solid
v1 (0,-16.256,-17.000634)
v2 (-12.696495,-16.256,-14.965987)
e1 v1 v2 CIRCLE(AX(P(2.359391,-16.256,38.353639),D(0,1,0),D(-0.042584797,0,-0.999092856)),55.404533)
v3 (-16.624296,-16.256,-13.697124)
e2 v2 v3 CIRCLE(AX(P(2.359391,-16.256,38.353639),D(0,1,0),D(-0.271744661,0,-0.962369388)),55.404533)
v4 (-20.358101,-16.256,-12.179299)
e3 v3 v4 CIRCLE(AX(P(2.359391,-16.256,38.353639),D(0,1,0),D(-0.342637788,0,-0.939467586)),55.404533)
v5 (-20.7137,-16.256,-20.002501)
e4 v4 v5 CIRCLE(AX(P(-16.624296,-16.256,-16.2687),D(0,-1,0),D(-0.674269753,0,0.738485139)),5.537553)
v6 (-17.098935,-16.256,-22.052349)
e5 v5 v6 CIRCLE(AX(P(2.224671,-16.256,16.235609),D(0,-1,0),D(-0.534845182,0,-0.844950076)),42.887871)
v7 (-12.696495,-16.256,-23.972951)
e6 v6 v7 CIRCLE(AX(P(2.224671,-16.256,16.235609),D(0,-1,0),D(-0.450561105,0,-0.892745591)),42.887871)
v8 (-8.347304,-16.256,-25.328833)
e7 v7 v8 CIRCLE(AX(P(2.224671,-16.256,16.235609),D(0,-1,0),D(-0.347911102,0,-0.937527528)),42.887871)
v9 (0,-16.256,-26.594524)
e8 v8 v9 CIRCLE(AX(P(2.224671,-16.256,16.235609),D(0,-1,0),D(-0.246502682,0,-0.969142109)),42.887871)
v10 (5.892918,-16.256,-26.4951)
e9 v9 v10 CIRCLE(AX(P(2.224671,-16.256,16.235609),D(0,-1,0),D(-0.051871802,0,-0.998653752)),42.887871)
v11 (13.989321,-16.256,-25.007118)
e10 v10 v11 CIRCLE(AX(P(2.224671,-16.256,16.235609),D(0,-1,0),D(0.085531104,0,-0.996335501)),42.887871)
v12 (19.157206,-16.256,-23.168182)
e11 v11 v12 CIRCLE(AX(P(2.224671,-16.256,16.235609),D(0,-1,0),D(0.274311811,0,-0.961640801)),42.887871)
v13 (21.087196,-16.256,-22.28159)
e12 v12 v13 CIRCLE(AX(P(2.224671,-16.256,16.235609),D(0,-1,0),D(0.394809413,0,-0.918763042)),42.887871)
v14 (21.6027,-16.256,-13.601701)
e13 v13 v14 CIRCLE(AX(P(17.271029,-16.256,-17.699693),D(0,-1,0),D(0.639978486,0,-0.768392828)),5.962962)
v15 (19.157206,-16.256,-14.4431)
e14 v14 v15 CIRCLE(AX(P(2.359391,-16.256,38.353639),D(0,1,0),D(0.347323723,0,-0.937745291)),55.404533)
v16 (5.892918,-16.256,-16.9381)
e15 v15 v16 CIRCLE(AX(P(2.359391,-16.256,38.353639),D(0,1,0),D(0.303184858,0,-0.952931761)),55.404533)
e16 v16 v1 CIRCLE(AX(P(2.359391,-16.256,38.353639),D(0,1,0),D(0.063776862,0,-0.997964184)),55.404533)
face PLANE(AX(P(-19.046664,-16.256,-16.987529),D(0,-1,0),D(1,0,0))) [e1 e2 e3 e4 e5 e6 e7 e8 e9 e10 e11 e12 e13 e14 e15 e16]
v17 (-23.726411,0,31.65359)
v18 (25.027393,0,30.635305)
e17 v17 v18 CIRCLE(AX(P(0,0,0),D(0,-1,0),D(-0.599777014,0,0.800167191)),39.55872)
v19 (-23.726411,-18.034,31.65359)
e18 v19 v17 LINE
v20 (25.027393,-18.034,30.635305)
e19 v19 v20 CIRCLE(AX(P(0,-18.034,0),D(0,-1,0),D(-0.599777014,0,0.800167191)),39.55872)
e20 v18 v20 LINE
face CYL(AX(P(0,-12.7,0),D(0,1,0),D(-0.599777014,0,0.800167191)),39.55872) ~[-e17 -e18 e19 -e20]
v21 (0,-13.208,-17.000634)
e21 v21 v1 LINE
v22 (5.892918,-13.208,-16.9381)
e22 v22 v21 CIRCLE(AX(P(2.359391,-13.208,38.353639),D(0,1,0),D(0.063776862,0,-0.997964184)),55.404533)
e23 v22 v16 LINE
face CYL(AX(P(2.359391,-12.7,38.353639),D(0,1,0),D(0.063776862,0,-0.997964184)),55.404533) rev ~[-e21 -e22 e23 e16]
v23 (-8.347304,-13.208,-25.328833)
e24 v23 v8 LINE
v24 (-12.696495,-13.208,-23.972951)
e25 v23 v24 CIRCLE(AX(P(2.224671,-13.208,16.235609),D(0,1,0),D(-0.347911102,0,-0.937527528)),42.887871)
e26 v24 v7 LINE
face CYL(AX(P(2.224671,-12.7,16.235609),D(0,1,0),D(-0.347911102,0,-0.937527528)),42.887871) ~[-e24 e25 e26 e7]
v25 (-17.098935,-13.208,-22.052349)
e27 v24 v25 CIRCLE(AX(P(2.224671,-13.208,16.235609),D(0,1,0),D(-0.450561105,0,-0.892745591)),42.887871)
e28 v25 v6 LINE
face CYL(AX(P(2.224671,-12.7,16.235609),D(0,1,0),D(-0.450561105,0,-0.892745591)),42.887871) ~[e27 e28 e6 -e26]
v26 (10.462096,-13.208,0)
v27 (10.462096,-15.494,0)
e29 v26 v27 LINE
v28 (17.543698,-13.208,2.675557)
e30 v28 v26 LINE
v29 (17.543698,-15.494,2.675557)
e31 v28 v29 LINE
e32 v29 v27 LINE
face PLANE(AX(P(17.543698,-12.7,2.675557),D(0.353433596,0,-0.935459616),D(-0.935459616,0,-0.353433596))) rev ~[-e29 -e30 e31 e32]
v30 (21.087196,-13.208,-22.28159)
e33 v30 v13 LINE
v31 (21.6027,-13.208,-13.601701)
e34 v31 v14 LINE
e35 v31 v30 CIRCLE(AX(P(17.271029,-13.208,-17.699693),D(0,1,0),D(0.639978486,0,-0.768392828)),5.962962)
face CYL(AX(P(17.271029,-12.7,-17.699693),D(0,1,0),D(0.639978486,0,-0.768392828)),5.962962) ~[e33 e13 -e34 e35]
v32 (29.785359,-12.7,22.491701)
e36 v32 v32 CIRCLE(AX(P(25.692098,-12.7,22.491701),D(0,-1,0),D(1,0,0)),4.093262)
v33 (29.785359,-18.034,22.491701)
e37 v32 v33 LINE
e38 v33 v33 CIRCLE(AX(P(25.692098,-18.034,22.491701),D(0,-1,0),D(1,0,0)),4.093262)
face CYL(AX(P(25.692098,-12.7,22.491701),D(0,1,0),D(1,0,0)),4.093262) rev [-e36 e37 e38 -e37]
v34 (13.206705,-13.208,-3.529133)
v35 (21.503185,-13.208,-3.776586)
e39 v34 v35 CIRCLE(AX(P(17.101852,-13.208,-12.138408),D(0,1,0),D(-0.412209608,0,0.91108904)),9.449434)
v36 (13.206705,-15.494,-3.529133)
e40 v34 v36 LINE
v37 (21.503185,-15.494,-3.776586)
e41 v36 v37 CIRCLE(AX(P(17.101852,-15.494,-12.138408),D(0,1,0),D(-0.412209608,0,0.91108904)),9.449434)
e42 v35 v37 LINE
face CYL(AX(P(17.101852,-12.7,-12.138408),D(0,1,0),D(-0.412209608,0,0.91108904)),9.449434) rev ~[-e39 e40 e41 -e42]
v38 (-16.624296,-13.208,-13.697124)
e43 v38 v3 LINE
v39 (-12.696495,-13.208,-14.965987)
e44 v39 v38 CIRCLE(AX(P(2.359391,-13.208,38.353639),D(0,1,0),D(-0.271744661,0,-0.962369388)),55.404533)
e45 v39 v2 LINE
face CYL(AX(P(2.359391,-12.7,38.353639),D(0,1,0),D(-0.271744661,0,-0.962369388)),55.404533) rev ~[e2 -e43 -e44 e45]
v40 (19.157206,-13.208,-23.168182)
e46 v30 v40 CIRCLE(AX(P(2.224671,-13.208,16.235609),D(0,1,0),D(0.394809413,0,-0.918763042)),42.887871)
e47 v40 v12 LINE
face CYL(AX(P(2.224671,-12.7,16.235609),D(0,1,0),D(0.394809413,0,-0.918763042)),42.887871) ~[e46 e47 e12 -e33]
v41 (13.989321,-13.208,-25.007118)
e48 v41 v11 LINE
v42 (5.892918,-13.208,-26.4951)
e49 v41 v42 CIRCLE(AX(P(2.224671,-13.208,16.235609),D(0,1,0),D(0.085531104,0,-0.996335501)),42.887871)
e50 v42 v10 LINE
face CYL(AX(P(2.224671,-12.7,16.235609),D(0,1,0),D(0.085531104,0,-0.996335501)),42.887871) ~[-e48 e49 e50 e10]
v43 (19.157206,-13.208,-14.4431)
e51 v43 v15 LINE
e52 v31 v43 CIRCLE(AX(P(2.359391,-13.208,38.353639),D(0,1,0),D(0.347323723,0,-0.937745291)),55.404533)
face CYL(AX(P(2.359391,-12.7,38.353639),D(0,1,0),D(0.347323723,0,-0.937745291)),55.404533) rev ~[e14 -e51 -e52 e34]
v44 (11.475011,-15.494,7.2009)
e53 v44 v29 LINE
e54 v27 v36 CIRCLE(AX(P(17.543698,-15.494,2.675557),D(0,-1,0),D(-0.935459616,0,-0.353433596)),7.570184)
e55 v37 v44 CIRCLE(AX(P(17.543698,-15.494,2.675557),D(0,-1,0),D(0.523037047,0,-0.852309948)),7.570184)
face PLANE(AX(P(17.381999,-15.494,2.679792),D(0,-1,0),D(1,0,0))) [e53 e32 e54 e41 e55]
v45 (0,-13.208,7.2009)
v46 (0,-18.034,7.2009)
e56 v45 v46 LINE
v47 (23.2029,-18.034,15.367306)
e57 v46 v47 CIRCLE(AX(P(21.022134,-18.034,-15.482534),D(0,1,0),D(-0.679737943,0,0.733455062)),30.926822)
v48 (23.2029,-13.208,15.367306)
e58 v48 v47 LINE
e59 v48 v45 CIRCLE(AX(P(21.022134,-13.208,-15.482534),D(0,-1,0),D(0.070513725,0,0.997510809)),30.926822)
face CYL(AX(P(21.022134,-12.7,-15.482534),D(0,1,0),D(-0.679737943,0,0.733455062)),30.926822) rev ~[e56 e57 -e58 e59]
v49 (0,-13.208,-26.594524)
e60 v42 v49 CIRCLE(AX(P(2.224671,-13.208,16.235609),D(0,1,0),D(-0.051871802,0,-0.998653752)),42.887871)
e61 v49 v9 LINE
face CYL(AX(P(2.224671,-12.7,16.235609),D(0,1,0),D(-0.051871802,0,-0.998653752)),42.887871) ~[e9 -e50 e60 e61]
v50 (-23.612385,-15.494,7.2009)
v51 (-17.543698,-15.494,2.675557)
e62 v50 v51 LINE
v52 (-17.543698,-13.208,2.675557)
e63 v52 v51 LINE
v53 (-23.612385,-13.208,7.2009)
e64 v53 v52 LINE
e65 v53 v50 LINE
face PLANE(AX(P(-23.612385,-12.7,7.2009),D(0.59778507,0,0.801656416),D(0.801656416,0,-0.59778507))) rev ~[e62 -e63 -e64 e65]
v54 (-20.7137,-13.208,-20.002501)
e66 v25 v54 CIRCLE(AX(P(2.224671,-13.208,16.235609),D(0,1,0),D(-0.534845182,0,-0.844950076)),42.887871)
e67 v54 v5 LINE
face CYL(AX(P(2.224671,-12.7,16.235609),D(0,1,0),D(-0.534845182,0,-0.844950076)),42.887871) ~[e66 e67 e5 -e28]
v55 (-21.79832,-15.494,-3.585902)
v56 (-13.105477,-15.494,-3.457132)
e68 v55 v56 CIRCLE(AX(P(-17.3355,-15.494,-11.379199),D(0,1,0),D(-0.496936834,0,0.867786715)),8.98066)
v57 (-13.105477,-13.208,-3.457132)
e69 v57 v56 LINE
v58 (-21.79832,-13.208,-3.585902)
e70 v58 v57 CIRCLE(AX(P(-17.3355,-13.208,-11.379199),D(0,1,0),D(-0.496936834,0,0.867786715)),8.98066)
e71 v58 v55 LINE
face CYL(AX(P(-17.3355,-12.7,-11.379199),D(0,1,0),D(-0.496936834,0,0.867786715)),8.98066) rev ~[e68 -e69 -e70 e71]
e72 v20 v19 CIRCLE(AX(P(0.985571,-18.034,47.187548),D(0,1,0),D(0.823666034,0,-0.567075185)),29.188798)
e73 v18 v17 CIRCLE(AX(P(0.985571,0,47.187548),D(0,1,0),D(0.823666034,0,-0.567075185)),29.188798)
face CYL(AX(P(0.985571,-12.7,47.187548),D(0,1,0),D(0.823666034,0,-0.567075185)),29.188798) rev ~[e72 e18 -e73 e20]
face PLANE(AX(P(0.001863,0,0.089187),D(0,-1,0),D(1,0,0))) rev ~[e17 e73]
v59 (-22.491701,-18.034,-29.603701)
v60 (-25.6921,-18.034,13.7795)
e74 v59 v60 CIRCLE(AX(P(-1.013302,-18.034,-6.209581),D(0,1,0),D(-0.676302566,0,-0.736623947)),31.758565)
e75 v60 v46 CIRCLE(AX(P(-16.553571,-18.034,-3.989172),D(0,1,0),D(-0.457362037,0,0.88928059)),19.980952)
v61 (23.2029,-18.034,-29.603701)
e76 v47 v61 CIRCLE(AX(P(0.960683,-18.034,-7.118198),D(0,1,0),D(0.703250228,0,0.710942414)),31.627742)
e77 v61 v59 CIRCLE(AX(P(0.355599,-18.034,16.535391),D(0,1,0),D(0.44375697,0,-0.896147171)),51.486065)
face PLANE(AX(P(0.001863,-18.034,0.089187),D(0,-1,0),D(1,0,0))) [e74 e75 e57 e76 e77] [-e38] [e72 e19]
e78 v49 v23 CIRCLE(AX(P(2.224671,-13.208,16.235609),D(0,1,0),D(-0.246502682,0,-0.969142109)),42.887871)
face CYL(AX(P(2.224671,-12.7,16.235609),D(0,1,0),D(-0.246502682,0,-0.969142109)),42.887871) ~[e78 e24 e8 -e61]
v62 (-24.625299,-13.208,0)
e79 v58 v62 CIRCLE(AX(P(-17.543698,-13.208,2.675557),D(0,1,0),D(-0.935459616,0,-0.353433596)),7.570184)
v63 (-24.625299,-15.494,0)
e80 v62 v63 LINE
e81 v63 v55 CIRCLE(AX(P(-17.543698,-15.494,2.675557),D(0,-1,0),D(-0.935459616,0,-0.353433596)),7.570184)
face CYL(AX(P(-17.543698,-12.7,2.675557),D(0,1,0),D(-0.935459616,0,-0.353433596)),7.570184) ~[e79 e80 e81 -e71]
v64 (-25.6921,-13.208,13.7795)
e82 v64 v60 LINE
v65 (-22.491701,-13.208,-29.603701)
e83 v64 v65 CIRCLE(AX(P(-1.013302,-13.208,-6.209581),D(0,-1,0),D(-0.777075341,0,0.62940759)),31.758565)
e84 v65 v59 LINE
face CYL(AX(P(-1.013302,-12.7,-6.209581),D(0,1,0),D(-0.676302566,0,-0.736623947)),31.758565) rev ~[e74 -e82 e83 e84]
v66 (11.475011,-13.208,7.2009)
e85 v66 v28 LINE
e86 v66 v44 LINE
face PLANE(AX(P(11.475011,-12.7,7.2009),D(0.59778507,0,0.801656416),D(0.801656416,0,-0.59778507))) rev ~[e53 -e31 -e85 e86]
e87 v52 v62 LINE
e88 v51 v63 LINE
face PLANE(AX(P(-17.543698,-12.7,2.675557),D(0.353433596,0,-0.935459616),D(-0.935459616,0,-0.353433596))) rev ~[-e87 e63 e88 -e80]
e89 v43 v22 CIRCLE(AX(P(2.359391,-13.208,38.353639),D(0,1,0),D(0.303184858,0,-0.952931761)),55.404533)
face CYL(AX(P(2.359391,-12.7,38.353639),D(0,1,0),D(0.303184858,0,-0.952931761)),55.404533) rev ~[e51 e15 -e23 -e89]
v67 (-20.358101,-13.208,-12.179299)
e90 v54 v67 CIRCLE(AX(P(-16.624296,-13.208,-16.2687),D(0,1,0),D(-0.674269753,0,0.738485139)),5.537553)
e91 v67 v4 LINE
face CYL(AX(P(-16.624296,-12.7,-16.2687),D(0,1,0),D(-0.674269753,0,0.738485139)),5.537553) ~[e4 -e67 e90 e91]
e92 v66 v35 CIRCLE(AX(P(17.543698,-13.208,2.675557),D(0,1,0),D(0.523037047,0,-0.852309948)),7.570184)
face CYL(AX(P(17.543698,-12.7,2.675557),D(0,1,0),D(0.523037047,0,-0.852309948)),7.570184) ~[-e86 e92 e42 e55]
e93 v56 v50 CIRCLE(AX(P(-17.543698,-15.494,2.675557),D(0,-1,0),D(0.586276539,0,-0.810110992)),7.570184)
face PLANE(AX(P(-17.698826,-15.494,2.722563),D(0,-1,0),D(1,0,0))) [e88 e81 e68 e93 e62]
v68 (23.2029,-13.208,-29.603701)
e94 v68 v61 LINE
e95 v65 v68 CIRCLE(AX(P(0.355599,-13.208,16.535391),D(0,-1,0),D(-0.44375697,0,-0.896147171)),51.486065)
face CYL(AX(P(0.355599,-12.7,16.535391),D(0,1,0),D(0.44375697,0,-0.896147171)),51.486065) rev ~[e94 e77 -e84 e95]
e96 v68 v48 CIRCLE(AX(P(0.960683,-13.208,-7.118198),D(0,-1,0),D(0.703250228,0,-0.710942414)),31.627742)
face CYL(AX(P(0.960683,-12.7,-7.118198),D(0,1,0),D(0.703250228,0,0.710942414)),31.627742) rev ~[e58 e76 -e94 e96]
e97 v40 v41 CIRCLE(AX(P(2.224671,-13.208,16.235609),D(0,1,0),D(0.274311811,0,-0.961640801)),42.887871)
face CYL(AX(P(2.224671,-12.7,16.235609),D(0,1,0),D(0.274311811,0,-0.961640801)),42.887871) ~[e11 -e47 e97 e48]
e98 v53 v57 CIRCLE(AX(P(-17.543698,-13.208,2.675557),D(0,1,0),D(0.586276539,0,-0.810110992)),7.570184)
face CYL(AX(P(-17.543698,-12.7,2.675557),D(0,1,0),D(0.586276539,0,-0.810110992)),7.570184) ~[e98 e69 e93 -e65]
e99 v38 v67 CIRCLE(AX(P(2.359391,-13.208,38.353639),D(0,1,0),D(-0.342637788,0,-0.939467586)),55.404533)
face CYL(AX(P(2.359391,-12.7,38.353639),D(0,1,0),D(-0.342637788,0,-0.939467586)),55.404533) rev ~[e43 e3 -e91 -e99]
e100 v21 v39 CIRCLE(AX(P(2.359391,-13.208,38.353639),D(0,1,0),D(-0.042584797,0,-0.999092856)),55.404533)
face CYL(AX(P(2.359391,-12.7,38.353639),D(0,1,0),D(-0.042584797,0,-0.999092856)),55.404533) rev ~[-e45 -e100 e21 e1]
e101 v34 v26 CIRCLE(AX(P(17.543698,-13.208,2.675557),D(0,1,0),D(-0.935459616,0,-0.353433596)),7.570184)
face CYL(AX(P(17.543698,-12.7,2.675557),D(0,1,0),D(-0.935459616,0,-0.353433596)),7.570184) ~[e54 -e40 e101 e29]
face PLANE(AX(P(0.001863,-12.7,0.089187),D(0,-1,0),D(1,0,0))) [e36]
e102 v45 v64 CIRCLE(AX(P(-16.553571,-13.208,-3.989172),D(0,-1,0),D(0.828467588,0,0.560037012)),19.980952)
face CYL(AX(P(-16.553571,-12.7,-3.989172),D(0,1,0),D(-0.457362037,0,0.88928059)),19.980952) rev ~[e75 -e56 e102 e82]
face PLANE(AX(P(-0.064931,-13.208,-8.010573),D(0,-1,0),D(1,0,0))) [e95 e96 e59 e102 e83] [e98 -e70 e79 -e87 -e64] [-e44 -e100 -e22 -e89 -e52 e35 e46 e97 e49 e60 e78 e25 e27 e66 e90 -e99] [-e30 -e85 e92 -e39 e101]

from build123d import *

# Parameters (mm, degrees)
F1_DEPTH = 12.7
F4_DEPTH = 2.794
F5_DEPTH = 3.556
F7_DEPTH = 0.508
F8_R     = 4.0932616512
F9_DEPTH = 5.334


with BuildPart() as f1:
    # F0 (on Front) → F1 (new body)
    with BuildSketch(Plane.XZ):
        with BuildLine():
            ThreePointArc((25.0273931209, 30.6353052518), (0.3760595222, 18.0051146813), (-23.726411007, 31.6535899232))
            ThreePointArc((-23.726411007, 31.6535899232), (-0.8260535898, -39.5500944344), (25.0273931209, 30.6353052518))
        make_face()
    extrude(amount=F1_DEPTH)

    # F2 (on face) → F4 (join)
    with BuildSketch(Plane.XZ.offset(12.7)):
        with BuildLine():
            Line((-17.5436979513, 2.6755574061), (-24.6252994984, 0))
            ThreePointArc((-24.6252994984, 0), (-23.4886257248, -2.0111815106), (-21.798320189, -3.5859022896))
            ThreePointArc((-21.798320189, -3.5859022896), (-17.4685188777, -2.3995249593), (-13.1054765957, -3.4571319799))
            ThreePointArc((-13.1054765957, -3.4571319799), (-12.1526852264, 7.9901288569), (-23.6123846381, 7.2009004653))
            Line((-23.6123846381, 7.2009004653), (-17.5436979513, 2.6755574061))
        make_face()
        with BuildLine():
            ThreePointArc((21.5031847078, -3.7765858449), (23.1328376444, 7.7813585574), (11.4750112645, 7.2009004653))
            Line((11.4750112645, 7.2009004653), (17.5436979513, 2.6755574061))
            Line((17.5436979513, 2.6755574061), (10.4620964041, 0))
            ThreePointArc((10.4620964041, 0), (11.5679326814, -1.971798546), (13.2067047826, -3.5291326072))
            ThreePointArc((13.2067047826, -3.5291326072), (17.3835685766, -2.6931747019), (21.5031847078, -3.7765858449))
        make_face()
    extrude(amount=F4_DEPTH)

    # F3 (on face) → F5 (join)
    with BuildSketch(Plane.XZ.offset(12.7)):
        with BuildLine():
            ThreePointArc((-16.6242958605, -13.6971237379), (-18.5050049332, -12.9721756726), (-20.3581005335, -12.1792992577))
            ThreePointArc((-20.3581005335, -12.1792992577), (-22.1561373864, -16.0172531608), (-20.7136999816, -20.0025010854))
            ThreePointArc((-20.7136999816, -20.0025010854), (-18.9311591949, -21.0712313357), (-17.0989353576, -22.052348971))
            Line((-17.0989353576, -22.052348971), (-16.6242958605, -13.6971237379))
        make_face()
        with BuildLine():
            ThreePointArc((-12.6964952724, -14.9659873575), (-14.6722160438, -14.368146145), (-16.6242958605, -13.6971237379))
            Line((-16.6242958605, -13.6971237379), (-17.0989353576, -22.052348971))
            ThreePointArc((-17.0989353576, -22.052348971), (-14.9246231849, -23.0743286561), (-12.6964952724, -23.9729508833))
            Line((-12.6964952724, -23.9729508833), (-12.6964952724, -14.9659873575))
        make_face()
        with BuildLine():
            ThreePointArc((0, -17.0006339589), (-6.4074737383, -16.3528902815), (-12.6964952724, -14.9659873575))
            Line((-12.6964952724, -14.9659873575), (-12.6964952724, -23.9729508833))
            ThreePointArc((-12.6964952724, -23.9729508833), (-10.5399154671, -24.7086802755), (-8.3473040499, -25.3288329734))
            ThreePointArc((-8.3473040499, -25.3288329734), (-4.2048726292, -26.1675803087), (0, -26.5945244967))
            Line((0, -26.5945244967), (0, -17.0006339589))
        make_face()
        with BuildLine():
            ThreePointArc((5.8929180982, -16.9381003904), (2.9472910815, -17.047774638), (0, -17.0006339589))
            Line((0, -17.0006339589), (0, -26.5945244967))
            ThreePointArc((0, -26.5945244967), (2.9481689707, -26.6461592475), (5.8929180982, -26.4950996461))
            Line((5.8929180982, -26.4950996461), (5.8929180982, -16.9381003904))
        make_face()
        with BuildLine():
            ThreePointArc((19.1572063101, -14.4431000637), (12.6013208797, -16.0960178297), (5.8929180982, -16.9381003904))
            Line((5.8929180982, -16.9381003904), (5.8929180982, -26.4950996461))
            ThreePointArc((5.8929180982, -26.4950996461), (9.9769028198, -25.9458134618), (13.9893206769, -25.0071178464))
            ThreePointArc((13.9893206769, -25.0071178464), (16.6026933877, -24.1703555629), (19.1572063101, -23.1681820381))
            Line((19.1572063101, -23.1681820381), (19.1572063101, -14.4431000637))
        make_face()
        with BuildLine():
            ThreePointArc((21.6026995331, -13.6017007753), (20.3848629816, -14.0366713116), (19.1572063101, -14.4431000637))
            Line((19.1572063101, -14.4431000637), (19.1572063101, -23.1681820381))
            ThreePointArc((19.1572063101, -23.1681820381), (20.1276903937, -22.7368350705), (21.0871963633, -22.2815902384))
            ThreePointArc((21.0871963633, -22.2815902384), (23.2235021691, -18.0532138234), (21.6026995331, -13.6017007753))
        make_face()
    extrude(amount=F5_DEPTH)

    # F6 (on face) → F7 (join)
    with BuildSketch(Plane.XZ.offset(12.7)):
        with BuildLine():
            ThreePointArc((0, 7.2009004653), (-11.5972409177, 15.3673055662), (-25.6920997053, 13.7795004994))
            ThreePointArc((-25.6920997053, 13.7795004994), (-32.6858017864, -8.5460763608), (-22.4917009473, -29.6037010849))
            ThreePointArc((-22.4917009473, -29.6037010849), (0.3555994481, -34.9506746467), (23.2028998435, -29.6037010849))
            ThreePointArc((23.2028998435, -29.6037010849), (32.5884250894, -7.1181977593), (23.2028998435, 15.3673055662))
            ThreePointArc((23.2028998435, 15.3673055662), (10.754620627, 13.690167259), (0, 7.2009004653))
        make_face()
    extrude(amount=F7_DEPTH)

    # F8 (on face) → F9 (join)
    with BuildSketch(Plane.XZ.offset(12.7)):
        with BuildLine():
            ThreePointArc((-23.726411007, 31.6535899232), (-0.8260535898, -39.5500944344), (25.0273931209, 30.6353052518))
            ThreePointArc((25.0273931209, 30.6353052518), (0.3760595222, 18.0051146813), (-23.726411007, 31.6535899232))
        make_face()
        with BuildLine():
            ThreePointArc((0, 7.2009004653), (10.754620627, 13.690167259), (23.2028998435, 15.3673055662))
            ThreePointArc((23.2028998435, 15.3673055662), (32.5884250894, -7.1181977593), (23.2028998435, -29.6037010849))
            ThreePointArc((23.2028998435, -29.6037010849), (0.3555994481, -34.9506746467), (-22.4917009473, -29.6037010849))
            ThreePointArc((-22.4917009473, -29.6037010849), (-32.6858017864, -8.5460763608), (-25.6920997053, 13.7795004994))
            ThreePointArc((-25.6920997053, 13.7795004994), (-11.5972409177, 15.3673055662), (0, 7.2009004653))
        make_face(mode=Mode.SUBTRACT)
        with Locations((25.6920978427, 22.4917009473)):
            Circle(F8_R, mode=Mode.SUBTRACT)
    extrude(amount=F9_DEPTH)


solid = f1.part
